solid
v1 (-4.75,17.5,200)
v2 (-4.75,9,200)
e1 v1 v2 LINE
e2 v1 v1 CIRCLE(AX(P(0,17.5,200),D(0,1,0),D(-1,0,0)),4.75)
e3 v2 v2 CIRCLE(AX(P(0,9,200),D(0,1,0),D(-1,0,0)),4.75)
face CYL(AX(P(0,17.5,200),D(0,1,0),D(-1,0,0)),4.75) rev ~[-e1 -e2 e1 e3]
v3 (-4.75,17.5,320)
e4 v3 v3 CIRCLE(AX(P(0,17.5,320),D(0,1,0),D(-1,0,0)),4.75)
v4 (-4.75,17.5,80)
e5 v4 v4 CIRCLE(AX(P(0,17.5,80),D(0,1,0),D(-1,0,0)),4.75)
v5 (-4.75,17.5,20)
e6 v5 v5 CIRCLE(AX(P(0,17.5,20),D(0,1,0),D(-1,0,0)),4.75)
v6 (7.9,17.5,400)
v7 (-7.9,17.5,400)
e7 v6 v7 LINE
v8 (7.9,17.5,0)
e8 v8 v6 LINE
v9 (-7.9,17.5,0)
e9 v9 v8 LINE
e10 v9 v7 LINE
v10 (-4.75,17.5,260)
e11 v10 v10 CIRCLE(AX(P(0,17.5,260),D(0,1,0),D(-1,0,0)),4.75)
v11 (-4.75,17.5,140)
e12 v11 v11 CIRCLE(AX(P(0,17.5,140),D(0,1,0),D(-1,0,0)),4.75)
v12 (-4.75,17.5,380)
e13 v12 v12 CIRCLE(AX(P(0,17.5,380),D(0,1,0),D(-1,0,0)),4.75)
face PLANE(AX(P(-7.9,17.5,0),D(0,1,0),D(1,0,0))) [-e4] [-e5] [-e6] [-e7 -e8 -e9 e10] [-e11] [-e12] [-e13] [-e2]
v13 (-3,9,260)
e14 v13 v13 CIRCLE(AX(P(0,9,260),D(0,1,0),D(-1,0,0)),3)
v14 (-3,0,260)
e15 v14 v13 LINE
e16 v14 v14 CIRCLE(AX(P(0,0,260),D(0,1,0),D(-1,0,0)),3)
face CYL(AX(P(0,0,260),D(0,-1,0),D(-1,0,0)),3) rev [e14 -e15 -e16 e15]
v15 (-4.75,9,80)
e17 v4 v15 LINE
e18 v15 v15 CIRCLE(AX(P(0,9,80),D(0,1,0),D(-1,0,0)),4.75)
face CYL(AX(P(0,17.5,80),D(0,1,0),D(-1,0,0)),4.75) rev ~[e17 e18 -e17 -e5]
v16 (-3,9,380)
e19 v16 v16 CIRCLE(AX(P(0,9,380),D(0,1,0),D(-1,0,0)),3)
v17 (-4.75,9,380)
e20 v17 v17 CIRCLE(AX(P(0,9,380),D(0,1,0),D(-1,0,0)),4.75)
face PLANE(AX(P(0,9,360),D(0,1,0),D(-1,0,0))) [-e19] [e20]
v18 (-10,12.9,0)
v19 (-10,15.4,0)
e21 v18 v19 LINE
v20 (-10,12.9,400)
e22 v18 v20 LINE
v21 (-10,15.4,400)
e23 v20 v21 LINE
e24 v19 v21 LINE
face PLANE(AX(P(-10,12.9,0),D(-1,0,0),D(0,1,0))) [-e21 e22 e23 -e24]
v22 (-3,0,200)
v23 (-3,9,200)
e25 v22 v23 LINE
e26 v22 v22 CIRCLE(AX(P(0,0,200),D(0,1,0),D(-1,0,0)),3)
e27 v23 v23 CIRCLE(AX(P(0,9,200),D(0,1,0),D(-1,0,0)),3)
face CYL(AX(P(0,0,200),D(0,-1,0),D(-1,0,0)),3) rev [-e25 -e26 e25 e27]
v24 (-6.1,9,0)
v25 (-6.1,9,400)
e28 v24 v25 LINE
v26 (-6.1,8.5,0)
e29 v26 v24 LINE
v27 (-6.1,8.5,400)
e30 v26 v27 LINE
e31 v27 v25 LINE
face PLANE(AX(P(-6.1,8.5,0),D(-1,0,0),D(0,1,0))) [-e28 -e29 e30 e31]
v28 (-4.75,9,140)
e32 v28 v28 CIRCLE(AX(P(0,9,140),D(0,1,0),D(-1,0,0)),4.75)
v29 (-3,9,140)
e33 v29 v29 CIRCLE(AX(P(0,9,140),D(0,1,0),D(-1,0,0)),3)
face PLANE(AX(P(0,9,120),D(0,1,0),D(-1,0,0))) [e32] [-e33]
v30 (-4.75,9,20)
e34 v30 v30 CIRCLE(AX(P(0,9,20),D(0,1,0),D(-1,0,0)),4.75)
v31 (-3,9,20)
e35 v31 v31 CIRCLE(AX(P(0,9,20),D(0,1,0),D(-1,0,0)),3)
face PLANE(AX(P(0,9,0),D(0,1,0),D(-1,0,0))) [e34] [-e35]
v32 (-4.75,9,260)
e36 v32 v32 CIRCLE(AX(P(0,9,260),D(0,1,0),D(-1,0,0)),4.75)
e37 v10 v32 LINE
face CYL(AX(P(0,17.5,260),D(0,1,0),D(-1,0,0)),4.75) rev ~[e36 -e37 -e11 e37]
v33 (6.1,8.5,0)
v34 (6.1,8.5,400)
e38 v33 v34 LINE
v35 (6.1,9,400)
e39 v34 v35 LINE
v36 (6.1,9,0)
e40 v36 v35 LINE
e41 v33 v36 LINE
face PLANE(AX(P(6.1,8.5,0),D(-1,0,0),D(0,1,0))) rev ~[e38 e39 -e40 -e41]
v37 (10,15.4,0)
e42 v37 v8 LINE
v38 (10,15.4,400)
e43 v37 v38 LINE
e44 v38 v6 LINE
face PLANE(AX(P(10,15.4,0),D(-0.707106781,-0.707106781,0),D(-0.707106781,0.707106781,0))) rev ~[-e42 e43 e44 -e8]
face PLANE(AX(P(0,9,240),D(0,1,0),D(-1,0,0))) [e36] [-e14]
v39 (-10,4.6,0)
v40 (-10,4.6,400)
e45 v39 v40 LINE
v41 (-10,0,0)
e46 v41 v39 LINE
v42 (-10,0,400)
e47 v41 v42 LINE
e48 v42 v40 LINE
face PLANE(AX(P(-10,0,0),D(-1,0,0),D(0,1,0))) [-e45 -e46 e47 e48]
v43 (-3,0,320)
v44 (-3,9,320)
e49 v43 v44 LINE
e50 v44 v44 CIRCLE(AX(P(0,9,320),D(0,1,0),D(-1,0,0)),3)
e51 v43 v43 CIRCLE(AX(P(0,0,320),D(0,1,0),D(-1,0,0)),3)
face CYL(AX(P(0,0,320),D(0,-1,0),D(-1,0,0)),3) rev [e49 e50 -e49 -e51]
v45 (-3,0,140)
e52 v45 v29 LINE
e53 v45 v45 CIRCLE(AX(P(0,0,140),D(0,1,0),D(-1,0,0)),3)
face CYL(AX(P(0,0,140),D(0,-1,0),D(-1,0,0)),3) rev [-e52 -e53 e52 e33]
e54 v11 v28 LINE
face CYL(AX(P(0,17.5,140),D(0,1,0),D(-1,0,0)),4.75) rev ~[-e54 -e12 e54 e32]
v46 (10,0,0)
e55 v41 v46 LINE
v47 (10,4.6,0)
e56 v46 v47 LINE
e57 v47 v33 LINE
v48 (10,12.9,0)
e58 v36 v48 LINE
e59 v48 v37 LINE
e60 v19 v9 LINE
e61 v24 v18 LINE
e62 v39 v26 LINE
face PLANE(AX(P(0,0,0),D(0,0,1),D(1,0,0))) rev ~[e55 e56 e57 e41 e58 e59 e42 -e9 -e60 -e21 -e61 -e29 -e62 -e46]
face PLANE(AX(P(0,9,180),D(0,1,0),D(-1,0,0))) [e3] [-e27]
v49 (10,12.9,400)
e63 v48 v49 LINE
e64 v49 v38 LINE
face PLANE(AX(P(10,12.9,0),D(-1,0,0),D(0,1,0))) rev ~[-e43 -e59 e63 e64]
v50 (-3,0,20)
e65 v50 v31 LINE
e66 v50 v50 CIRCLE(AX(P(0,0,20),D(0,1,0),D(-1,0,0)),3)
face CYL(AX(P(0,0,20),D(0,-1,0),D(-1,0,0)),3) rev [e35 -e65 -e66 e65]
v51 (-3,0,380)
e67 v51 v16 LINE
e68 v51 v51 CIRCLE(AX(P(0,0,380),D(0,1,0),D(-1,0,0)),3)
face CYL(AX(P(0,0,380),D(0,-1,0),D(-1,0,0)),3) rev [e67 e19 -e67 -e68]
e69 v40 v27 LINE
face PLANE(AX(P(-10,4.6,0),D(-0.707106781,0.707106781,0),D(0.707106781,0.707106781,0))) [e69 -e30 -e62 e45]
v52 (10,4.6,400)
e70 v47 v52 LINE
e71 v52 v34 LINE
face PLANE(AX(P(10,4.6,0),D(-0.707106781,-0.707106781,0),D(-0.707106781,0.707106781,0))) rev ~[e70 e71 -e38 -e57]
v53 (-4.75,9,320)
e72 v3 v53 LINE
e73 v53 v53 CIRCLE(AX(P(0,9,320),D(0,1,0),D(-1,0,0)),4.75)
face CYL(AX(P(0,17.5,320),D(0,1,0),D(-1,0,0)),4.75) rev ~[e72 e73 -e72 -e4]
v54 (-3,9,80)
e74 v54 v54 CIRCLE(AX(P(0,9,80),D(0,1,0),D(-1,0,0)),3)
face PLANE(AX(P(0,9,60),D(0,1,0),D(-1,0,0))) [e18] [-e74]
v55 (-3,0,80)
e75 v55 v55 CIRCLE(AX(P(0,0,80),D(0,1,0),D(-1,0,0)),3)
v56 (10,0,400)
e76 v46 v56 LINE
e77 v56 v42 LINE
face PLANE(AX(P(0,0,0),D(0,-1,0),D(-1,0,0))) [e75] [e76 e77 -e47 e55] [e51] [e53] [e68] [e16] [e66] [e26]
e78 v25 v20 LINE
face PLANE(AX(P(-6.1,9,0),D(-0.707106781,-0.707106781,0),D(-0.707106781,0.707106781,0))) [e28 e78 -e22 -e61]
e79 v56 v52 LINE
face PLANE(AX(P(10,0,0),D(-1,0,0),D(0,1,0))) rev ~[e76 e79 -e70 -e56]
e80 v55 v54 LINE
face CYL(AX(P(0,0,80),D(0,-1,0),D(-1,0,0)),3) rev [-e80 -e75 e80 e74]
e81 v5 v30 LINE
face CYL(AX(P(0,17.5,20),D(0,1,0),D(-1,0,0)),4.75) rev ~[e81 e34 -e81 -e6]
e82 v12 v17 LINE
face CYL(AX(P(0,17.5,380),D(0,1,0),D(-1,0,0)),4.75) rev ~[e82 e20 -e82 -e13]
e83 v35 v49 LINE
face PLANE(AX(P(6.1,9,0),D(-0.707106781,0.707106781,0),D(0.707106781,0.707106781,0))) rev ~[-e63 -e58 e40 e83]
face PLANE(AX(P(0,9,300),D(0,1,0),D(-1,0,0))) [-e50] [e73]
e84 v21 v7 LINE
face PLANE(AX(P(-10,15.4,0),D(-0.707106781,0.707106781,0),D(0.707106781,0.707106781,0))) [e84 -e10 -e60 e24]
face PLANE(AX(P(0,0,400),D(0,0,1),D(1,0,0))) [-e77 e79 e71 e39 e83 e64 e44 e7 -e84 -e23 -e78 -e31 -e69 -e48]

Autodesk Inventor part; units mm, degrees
ref_plane "YZ Plane" through (0, 0, 0) normal (1, 0, 0) x (0, 1, 0)
ref_plane "XZ Plane" through (0, 0, 0) normal (0, 1, 0) x (-1, 0, 0)
ref_plane "XY Plane" through (0, 0, 0) normal (0, 0, 1) x (1, 0, 0)
sketch "Sketch1" plane through (0, 0, 0) normal (0, 0, 1) x (1, 0, 0)
  line L0 (0, 0) -> (0, 17.5) construction
  line L1 (0, 0) -> (-10, 0)
  line L2 (0, 0) -> (10, 0)
  line L3 (-10, 0) -> (-10, 4.6)
  line L4 (-10, 4.6) -> (-6.1, 8.5)
  line L5 (-6.1, 8.5) -> (-6.1, 9)
  line L6 (-6.1, 9) -> (-10, 12.9)
  line L7 (-10, 12.9) -> (-10, 15.4)
  line L8 (-10, 15.4) -> (-7.9, 17.5)
  line L9 (-7.9, 17.5) -> (0, 17.5)
  line L10 (10, 0) -> (10, 4.6)
  line L11 (10, 4.6) -> (6.1, 8.5)
  line L12 (6.1, 8.5) -> (6.1, 9)
  line L13 (6.1, 9) -> (10, 12.9)
  line L14 (10, 12.9) -> (10, 15.4)
  line L15 (10, 15.4) -> (7.9, 17.5)
  line L16 (7.9, 17.5) -> (0, 17.5)
  dimension "d0" = 17.5
  dimension "d1" = 20
  dimension "d2" = 4.6
  dimension "d3" = 8.5
  dimension "d8" = 135
  dimension "d9" = 0.5
  dimension "d10" = 135
  dimension "d11" = 2.5
extrude "Extrusion1" add sketch "Sketch1" along normal blind 400
sketch "Sketch2" plane through (0, 0, 0) normal (0, 1, 0) x (-1, 0, 0)
  line L0 (0, 0) -> (0, 20) construction
  line L1 (0, 20) -> (0, 80) construction
  circle A0 centre (0, 20) radius 4.75
  circle A1 centre (0, 20) radius 3
  dimension "d14" = 20
  dimension "d15" = 60
  dimension "d16" = 9.5
  dimension "d17" = 6
extrude "Extrusion2" cut sketch "Sketch2" along normal through all contours A1
extrude "Extrusion3" cut sketch "Sketch2" against normal blind 8.5 from surface at 17.5
pattern_linear "Rectangular Pattern1" count 9 spacing 60 along (0, 0, 1) of "Extrusion2", "Extrusion3"
properties part number "HGR20 400mm"
